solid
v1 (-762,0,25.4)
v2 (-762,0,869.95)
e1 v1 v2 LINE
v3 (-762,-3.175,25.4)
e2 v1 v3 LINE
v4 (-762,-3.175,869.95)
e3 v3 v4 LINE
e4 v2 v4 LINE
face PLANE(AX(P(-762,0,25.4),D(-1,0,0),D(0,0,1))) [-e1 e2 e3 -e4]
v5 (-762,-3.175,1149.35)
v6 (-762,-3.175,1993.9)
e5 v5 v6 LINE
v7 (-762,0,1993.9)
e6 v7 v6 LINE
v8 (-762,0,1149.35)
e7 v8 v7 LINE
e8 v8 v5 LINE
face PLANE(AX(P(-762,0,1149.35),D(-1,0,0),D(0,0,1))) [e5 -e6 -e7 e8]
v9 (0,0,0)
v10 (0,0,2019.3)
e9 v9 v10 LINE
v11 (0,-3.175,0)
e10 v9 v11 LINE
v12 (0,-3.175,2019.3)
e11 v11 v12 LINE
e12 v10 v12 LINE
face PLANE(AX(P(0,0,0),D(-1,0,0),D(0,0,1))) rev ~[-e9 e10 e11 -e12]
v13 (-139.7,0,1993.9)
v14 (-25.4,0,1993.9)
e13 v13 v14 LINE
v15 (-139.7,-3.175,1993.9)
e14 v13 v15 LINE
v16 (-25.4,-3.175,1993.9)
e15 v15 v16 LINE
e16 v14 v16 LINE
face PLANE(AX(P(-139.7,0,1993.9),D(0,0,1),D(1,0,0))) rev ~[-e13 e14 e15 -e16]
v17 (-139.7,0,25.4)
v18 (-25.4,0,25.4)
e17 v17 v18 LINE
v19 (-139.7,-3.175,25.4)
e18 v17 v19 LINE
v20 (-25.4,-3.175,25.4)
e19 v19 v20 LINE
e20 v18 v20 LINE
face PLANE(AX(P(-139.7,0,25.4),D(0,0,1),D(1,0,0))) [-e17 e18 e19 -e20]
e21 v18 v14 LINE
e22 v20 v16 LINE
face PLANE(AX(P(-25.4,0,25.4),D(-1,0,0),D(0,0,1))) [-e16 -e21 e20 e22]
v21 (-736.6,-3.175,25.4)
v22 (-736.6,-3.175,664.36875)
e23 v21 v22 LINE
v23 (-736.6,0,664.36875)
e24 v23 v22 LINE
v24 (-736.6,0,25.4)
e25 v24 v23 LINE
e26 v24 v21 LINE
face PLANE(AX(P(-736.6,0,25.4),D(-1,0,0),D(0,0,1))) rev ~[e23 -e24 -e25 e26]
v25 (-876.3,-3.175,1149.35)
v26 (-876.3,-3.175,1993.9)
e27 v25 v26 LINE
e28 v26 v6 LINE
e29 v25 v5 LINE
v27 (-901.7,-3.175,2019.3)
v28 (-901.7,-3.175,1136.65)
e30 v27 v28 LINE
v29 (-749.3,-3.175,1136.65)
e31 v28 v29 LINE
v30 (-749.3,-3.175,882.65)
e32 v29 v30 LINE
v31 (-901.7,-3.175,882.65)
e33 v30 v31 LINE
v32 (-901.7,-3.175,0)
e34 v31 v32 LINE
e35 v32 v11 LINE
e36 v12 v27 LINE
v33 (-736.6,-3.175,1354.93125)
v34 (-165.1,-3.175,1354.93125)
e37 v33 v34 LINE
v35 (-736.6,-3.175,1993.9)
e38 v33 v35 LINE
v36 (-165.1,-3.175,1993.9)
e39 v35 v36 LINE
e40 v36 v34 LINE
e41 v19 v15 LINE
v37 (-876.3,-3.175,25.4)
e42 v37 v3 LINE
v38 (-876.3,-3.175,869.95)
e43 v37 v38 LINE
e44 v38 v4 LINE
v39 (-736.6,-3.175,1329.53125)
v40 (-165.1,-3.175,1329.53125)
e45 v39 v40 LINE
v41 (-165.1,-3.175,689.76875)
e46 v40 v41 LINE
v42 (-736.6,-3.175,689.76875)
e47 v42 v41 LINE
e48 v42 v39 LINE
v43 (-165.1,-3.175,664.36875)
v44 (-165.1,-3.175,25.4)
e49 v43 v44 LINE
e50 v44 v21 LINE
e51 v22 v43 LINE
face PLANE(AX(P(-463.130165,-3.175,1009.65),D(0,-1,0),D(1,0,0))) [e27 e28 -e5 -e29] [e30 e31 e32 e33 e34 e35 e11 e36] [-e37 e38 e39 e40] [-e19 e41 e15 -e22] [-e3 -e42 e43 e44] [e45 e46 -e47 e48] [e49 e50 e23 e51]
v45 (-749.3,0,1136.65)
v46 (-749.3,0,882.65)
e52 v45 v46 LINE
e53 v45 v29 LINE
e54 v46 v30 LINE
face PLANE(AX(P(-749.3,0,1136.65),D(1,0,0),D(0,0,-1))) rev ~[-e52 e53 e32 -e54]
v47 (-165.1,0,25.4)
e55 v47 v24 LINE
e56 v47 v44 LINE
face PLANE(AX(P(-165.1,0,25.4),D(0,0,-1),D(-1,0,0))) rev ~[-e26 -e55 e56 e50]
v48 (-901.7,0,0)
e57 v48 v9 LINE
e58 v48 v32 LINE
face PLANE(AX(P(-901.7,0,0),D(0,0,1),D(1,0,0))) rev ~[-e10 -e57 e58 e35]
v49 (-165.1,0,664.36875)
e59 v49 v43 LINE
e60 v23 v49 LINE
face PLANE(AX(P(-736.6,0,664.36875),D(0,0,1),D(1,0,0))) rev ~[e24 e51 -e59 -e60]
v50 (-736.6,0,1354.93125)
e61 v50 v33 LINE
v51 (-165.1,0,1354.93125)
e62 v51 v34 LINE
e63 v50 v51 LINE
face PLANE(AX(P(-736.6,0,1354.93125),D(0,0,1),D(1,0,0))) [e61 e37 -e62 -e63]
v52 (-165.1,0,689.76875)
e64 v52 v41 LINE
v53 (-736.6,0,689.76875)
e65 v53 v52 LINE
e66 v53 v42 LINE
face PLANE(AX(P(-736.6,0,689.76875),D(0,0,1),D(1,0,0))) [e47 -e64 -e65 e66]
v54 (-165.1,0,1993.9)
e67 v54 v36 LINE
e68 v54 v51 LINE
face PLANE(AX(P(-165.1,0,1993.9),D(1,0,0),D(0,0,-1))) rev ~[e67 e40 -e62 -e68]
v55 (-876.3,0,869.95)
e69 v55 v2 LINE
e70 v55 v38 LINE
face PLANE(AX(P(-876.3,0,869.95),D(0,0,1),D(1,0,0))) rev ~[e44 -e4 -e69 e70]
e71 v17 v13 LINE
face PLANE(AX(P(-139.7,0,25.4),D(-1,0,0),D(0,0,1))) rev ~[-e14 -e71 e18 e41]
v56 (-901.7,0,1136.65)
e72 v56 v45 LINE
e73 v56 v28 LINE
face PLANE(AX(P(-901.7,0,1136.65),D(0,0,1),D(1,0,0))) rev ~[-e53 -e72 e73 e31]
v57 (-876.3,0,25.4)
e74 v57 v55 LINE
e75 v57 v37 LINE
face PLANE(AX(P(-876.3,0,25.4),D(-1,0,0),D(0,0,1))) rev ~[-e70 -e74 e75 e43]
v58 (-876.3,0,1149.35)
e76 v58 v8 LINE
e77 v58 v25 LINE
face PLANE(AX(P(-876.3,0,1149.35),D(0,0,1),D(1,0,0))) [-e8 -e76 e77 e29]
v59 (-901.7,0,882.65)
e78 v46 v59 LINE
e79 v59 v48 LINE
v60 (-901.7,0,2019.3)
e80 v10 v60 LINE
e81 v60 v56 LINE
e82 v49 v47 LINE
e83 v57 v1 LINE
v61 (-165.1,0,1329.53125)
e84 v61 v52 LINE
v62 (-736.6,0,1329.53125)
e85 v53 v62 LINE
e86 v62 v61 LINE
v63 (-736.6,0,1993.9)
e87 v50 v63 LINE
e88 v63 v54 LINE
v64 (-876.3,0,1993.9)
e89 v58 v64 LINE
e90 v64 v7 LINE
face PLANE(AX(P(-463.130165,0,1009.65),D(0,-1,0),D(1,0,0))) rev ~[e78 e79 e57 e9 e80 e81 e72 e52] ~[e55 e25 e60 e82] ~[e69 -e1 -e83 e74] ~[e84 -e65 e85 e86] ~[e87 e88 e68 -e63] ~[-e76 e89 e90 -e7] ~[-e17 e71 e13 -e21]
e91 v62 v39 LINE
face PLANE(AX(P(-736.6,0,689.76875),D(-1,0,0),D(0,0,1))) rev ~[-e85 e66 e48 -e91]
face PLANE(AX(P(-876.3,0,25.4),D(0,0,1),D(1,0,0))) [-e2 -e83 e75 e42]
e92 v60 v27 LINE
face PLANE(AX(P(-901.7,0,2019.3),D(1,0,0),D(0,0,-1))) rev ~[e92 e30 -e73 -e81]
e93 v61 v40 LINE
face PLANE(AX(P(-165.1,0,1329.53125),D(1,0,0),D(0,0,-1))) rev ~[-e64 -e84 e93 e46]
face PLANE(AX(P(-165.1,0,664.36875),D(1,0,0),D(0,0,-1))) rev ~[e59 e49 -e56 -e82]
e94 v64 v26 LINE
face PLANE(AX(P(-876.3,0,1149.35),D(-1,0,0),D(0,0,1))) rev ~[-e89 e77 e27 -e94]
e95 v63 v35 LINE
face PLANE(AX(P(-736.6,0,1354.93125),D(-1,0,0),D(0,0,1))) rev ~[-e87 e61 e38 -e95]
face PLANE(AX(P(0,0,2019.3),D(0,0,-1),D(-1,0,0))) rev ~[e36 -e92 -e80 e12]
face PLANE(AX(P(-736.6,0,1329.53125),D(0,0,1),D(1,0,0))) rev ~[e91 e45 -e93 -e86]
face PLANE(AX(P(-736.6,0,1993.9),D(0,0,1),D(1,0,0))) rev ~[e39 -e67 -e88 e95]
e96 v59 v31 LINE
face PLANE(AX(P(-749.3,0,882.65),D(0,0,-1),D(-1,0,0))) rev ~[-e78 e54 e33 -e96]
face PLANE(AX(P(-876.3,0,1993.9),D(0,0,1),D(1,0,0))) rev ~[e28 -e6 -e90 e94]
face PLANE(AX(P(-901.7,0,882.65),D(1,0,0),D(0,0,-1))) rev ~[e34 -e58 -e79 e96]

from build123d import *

# Parameters (mm, degrees)
F0_W     = 114.3
F0_H     = 844.55
F0_H_2   = 1968.5
F0_W_2   = 571.5
F0_H_3   = 25.4
F1_DEPTH = 3.175


with BuildPart() as f1:
    # F0 (on Front) → F1 (new body)
    with BuildSketch(Plane.XZ):
        Polygon((-901.7, 0), (0, 0), (0, 2019.3), (-901.7, 2019.3), (-901.7, 1136.65), (-749.3, 1136.65), (-749.3, 882.65), (-901.7, 882.65), align=None)
        with Locations((-819.15, 447.675)):
            Rectangle(F0_W, F0_H, mode=Mode.SUBTRACT)
        Polygon((-736.6, 1354.93125), (-736.6, 1993.9), (-165.1, 1993.9), (-165.1, 1354.93125), (-165.1, 1329.53125), (-165.1, 689.76875), (-165.1, 664.36875), (-165.1, 25.4), (-736.6, 25.4), (-736.6, 664.36875), (-736.6, 689.76875), (-736.6, 1329.53125), align=None, mode=Mode.SUBTRACT)
        with Locations((-819.15, 1571.625)):
            Rectangle(F0_W, F0_H, mode=Mode.SUBTRACT)
        with Locations((-82.55, 1009.65)):
            Rectangle(F0_W, F0_H_2, mode=Mode.SUBTRACT)
        with Locations((-450.85, 1342.23125)):
            Rectangle(F0_W_2, F0_H_3)
        with Locations((-450.85, 677.06875)):
            Rectangle(F0_W_2, F0_H_3)
    extrude(amount=F1_DEPTH)


solid = f1.part
